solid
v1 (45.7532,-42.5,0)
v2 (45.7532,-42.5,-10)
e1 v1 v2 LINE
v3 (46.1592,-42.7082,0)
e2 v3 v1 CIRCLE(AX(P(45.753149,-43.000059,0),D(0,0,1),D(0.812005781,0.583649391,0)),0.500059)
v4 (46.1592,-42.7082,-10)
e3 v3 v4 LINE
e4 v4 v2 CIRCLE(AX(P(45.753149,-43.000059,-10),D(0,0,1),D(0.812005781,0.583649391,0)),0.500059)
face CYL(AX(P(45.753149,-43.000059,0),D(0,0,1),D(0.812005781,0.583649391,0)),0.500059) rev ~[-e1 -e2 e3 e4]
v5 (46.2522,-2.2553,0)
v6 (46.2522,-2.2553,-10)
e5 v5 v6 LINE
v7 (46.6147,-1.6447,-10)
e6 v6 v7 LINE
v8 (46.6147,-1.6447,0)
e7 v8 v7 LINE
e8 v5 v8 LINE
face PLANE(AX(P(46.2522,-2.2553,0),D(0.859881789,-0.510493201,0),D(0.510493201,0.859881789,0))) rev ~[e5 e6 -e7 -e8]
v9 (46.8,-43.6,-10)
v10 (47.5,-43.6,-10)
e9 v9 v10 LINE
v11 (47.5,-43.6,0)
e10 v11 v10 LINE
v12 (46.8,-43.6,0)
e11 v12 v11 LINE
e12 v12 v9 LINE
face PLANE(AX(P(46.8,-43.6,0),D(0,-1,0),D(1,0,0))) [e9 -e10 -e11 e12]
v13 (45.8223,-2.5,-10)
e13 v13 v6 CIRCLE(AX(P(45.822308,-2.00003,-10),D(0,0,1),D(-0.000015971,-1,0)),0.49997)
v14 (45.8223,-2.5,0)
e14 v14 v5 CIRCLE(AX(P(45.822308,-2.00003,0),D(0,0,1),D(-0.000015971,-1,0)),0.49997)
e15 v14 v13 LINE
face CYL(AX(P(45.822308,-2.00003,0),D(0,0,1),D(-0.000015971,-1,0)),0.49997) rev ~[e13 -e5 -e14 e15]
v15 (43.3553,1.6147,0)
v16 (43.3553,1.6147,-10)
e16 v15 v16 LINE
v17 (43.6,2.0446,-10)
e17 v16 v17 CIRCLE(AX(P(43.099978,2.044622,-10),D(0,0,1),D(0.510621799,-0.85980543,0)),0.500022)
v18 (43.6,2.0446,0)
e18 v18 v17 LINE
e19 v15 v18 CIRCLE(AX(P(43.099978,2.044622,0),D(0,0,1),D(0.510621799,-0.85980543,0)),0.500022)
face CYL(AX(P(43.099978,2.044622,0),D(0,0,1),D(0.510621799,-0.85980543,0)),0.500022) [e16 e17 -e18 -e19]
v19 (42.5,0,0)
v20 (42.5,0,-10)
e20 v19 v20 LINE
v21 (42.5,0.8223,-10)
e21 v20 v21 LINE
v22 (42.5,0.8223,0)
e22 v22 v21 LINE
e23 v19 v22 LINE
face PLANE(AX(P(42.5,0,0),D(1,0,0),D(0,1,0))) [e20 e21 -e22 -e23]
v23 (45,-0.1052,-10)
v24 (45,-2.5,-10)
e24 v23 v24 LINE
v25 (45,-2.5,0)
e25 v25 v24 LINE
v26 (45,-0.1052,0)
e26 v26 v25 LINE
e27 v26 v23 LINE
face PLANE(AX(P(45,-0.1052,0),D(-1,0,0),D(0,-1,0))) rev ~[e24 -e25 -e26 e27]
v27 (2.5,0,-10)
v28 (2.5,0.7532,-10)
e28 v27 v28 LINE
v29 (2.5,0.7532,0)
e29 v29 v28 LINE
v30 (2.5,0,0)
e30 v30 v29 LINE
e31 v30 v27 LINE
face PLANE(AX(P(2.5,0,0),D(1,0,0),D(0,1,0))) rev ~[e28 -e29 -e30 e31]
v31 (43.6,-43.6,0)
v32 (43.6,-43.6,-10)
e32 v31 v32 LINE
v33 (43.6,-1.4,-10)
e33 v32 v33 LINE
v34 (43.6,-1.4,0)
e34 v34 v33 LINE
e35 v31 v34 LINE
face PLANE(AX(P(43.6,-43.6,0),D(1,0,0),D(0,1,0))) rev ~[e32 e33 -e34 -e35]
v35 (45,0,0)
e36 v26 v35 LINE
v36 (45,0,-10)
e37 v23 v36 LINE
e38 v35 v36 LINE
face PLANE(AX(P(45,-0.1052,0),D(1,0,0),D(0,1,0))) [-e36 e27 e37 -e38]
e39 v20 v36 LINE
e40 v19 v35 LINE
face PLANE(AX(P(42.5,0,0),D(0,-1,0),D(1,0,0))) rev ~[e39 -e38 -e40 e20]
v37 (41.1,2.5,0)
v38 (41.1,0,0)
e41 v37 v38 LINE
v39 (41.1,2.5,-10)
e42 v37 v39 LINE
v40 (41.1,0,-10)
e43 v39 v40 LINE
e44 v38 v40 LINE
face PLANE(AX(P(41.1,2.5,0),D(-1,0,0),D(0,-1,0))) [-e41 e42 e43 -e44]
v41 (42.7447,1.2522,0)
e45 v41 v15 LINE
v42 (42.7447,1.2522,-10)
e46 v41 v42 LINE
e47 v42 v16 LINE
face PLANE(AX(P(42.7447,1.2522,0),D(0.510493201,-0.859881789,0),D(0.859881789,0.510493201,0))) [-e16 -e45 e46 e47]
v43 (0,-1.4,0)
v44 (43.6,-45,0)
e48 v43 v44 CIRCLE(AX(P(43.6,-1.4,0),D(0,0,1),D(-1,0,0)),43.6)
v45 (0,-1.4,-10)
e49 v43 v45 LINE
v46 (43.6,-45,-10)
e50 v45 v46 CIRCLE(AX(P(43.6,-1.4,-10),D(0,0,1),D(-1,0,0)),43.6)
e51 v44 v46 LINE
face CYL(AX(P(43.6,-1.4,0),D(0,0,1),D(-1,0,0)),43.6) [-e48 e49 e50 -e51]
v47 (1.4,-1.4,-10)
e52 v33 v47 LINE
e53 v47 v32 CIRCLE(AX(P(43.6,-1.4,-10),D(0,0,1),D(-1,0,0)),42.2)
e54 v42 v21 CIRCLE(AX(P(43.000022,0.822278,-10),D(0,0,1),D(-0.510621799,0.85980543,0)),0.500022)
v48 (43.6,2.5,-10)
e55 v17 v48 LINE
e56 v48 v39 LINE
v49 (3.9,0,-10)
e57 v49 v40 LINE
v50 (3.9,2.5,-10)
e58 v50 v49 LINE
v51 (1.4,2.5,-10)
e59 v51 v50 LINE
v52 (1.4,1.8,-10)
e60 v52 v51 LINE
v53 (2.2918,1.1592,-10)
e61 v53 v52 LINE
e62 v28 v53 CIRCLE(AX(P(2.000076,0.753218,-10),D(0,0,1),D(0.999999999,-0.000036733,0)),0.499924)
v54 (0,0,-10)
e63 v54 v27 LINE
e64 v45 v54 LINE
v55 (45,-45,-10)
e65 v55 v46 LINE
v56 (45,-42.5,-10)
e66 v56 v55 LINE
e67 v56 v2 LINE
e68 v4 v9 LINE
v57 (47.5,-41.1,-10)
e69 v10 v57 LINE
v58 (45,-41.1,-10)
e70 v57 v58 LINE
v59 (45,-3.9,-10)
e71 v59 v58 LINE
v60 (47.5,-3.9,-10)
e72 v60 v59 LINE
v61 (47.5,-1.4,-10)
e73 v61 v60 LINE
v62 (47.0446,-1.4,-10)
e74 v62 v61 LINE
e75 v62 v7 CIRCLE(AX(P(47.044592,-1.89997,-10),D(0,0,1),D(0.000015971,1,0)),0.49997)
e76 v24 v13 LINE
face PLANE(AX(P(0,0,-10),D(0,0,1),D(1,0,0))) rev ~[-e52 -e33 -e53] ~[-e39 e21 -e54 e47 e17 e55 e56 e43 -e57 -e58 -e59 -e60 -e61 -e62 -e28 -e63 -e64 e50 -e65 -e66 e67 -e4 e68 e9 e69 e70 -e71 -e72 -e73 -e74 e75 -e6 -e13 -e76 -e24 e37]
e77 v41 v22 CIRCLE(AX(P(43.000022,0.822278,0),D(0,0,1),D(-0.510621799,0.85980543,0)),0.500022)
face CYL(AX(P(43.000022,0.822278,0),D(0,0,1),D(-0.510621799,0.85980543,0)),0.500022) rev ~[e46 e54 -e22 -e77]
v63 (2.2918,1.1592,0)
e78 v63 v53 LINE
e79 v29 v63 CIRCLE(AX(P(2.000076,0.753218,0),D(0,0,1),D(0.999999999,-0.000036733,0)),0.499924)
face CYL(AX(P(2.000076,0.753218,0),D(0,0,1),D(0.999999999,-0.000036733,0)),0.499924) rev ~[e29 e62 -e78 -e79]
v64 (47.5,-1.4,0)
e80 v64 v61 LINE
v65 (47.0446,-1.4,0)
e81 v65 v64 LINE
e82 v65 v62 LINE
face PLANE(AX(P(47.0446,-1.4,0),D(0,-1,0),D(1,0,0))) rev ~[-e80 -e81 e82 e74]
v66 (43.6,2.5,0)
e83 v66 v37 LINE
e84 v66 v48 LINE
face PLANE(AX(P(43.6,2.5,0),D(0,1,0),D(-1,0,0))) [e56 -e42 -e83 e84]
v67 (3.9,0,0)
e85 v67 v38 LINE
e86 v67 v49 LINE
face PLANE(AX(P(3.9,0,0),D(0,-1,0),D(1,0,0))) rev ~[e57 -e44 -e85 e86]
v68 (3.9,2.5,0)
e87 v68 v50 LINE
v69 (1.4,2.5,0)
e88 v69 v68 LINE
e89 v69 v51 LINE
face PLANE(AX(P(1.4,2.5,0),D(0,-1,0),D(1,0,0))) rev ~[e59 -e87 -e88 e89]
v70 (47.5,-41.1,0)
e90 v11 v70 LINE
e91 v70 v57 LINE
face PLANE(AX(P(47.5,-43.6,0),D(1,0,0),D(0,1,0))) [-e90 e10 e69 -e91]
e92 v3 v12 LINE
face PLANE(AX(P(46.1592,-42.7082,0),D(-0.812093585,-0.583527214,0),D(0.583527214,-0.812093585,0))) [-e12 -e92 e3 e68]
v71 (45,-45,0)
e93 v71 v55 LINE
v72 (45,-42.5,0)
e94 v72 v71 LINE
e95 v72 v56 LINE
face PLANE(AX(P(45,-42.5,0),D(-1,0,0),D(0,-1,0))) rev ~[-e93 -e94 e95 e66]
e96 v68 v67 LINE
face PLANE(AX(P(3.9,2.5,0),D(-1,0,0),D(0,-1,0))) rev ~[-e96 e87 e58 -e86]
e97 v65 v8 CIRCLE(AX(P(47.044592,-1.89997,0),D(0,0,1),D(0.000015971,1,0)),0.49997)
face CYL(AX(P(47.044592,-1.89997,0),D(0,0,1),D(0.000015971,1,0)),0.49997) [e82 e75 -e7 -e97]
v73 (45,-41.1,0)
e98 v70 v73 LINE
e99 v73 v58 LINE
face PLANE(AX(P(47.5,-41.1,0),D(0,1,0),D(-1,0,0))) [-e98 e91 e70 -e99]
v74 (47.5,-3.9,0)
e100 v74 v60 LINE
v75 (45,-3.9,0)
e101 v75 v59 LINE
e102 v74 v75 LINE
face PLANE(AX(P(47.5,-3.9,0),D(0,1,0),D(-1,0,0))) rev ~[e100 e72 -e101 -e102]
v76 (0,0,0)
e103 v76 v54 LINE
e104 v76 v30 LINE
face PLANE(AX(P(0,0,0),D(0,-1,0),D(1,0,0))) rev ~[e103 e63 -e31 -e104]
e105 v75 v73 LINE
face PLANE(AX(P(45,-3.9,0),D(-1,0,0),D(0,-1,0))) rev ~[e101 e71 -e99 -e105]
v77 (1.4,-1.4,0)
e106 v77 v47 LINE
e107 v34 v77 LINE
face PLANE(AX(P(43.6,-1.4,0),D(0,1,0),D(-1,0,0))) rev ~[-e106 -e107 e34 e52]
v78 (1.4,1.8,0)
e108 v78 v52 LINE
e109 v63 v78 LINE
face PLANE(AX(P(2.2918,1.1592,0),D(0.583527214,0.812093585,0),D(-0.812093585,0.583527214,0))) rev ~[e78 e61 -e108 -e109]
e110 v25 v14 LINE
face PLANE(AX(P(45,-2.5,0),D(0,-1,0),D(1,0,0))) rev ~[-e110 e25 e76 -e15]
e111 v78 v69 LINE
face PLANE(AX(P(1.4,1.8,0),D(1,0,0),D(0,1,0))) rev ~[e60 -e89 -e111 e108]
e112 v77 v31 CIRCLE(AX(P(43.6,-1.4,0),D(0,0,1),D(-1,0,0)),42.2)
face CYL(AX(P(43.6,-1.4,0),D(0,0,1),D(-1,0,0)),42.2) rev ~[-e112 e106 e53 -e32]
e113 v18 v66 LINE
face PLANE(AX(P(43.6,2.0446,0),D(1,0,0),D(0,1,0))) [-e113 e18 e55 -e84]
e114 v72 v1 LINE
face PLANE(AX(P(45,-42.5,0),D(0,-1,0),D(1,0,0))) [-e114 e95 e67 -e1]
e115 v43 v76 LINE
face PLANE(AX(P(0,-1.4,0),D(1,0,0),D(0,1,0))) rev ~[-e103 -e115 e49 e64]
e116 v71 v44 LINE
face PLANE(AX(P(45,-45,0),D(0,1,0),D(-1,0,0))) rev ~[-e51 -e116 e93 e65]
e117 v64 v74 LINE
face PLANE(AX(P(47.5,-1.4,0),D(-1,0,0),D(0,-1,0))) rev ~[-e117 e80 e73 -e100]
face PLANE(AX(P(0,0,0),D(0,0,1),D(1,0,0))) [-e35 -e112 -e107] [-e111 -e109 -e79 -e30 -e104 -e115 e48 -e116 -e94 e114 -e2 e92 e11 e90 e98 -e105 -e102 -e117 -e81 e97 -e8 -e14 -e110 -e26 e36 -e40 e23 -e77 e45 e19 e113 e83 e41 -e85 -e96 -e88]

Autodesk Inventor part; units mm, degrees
ref_plane "YZ Plane" through (0, 0, 0) normal (1, 0, 0) x (0, 1, 0)
ref_plane "XZ Plane" through (0, 0, 0) normal (0, 1, 0) x (-1, 0, 0)
ref_plane "XY Plane" through (0, 0, 0) normal (0, 0, 1) x (1, 0, 0)
sketch "Boceto1" plane through (0, 0, 0) normal (0, 0, 1) x (1, 0, 0)
  line L0 (43.6, -1.4) -> (1.4, -1.4)
  line L1 (0, -1.4) -> (0, 0)
  line L2 (45, -45) -> (43.6, -45)
  line L3 (43.6, -43.6) -> (43.6, -1.4)
  arc A0 (1.4, -1.4) -> (43.6, -43.6) centre (43.6, -1.4) ccw
  arc A1 (0, -1.4) -> (43.6, -45) centre (43.6, -1.4) ccw
  line L4 (2.5, 0) -> (2.5, 0.7532)
  line L5 (2.2918, 1.1592) -> (1.4, 1.8)
  line L6 (1.4, 1.8) -> (1.4, 2.5)
  line L7 (1.4, 2.5) -> (3.9, 2.5)
  line L8 (3.9, 2.5) -> (3.9, 0)
  arc A2 (2.5, 0.7532) -> (2.2918, 1.1592) centre (2, 0.7532) ccw
  line L9 (0, 0) -> (2.5, 0)
  line L10 (42.5, 0) -> (42.5, 0.8223)
  line L11 (42.7447, 1.2522) -> (43.3553, 1.6147)
  line L12 (43.6, 2.0446) -> (43.6, 2.5)
  line L13 (43.6, 2.5) -> (41.1, 2.5)
  line L14 (41.1, 2.5) -> (41.1, 0)
  line L15 (3.9, 0) -> (41.1, 0)
  line L16 (42.5, 0) -> (45, 0)
  arc A3 (42.7447, 1.2522) -> (42.5, 0.8223) centre (43, 0.8223) ccw
  arc A4 (43.3553, 1.6147) -> (43.6, 2.0446) centre (43.1, 2.0446) ccw
  line L17 (45, -2.5) -> (45.8223, -2.5)
  line L18 (46.2522, -2.2553) -> (46.6147, -1.6447)
  line L19 (47.0446, -1.4) -> (47.5, -1.4)
  line L20 (47.5, -1.4) -> (47.5, -3.9)
  line L21 (47.5, -3.9) -> (45, -3.9)
  arc A5 (47.0446, -1.4) -> (46.6147, -1.6447) centre (47.0446, -1.9) ccw
  arc A6 (45.8223, -2.5) -> (46.2522, -2.2553) centre (45.8223, -2) ccw
  line L22 (45, -42.5) -> (45.7532, -42.5)
  line L23 (46.1592, -42.7082) -> (46.8, -43.6)
  line L24 (46.8, -43.6) -> (47.5, -43.6)
  line L25 (47.5, -43.6) -> (47.5, -41.1)
  line L26 (47.5, -41.1) -> (45, -41.1)
  arc A7 (46.1592, -42.7082) -> (45.7532, -42.5) centre (45.7532, -43) ccw
  line L27 (45, -0.1052) -> (45, -2.5)
  line L28 (45, -2.5) -> (45, 0)
  line L29 (45, -3.9) -> (45, -41.1)
  line L30 (45, -42.5) -> (45, -45)
  line L31 (45, -45) -> (45, -42.5)
  line L32 (45, -41.1) -> (45, -3.9)
  point P0 (43.6, 1.76)
  point P1 (46.76, -1.4)
  dimension "d11" = 42.2
  dimension "d12" = 1.4
  dimension "d18" = 1.4
  dimension "d19" = 2.5
  dimension "d21" = 2.5
  dimension "d25" = 35.7
  dimension "d26" = 1.4
  dimension "d28" = 1.4
  dimension "d29" = 0.74
  dimension "d30" = 2.5
  dimension "d31" = 30.7
  dimension "d32" = 2.5
  dimension "d34" = 0.5
  dimension "d35" = 0.7
  dimension "d36" = 0.5
  dimension "d37" = 0.5
  dimension "d38" = 1.4
  dimension "d39" = 2.5
  dimension "d41" = 2.5
  dimension "d42" = 0.74
  dimension "d43" = 30.7
  dimension "d44" = 0.5
  dimension "d45" = 45
  dimension "d46" = 1.4
  dimension "d47" = 2.5
  dimension "d49" = 0.7
  dimension "d50" = 35.7
  dimension "d51" = 2.5
  dimension "d52" = 0.5
  dimension "d55" = 1.4
  dimension "d57" = 2.5
  dimension "d58" = 45
  dimension "d59" = 2.5
  dimension "d63" = 2.5
  dimension "d64" = 2.5
extrude "Extrusión1" add sketch "Boceto1" against normal blind 10
properties part number "SP40-15 PERFIL ESQUINERO" material "Aluminio"
